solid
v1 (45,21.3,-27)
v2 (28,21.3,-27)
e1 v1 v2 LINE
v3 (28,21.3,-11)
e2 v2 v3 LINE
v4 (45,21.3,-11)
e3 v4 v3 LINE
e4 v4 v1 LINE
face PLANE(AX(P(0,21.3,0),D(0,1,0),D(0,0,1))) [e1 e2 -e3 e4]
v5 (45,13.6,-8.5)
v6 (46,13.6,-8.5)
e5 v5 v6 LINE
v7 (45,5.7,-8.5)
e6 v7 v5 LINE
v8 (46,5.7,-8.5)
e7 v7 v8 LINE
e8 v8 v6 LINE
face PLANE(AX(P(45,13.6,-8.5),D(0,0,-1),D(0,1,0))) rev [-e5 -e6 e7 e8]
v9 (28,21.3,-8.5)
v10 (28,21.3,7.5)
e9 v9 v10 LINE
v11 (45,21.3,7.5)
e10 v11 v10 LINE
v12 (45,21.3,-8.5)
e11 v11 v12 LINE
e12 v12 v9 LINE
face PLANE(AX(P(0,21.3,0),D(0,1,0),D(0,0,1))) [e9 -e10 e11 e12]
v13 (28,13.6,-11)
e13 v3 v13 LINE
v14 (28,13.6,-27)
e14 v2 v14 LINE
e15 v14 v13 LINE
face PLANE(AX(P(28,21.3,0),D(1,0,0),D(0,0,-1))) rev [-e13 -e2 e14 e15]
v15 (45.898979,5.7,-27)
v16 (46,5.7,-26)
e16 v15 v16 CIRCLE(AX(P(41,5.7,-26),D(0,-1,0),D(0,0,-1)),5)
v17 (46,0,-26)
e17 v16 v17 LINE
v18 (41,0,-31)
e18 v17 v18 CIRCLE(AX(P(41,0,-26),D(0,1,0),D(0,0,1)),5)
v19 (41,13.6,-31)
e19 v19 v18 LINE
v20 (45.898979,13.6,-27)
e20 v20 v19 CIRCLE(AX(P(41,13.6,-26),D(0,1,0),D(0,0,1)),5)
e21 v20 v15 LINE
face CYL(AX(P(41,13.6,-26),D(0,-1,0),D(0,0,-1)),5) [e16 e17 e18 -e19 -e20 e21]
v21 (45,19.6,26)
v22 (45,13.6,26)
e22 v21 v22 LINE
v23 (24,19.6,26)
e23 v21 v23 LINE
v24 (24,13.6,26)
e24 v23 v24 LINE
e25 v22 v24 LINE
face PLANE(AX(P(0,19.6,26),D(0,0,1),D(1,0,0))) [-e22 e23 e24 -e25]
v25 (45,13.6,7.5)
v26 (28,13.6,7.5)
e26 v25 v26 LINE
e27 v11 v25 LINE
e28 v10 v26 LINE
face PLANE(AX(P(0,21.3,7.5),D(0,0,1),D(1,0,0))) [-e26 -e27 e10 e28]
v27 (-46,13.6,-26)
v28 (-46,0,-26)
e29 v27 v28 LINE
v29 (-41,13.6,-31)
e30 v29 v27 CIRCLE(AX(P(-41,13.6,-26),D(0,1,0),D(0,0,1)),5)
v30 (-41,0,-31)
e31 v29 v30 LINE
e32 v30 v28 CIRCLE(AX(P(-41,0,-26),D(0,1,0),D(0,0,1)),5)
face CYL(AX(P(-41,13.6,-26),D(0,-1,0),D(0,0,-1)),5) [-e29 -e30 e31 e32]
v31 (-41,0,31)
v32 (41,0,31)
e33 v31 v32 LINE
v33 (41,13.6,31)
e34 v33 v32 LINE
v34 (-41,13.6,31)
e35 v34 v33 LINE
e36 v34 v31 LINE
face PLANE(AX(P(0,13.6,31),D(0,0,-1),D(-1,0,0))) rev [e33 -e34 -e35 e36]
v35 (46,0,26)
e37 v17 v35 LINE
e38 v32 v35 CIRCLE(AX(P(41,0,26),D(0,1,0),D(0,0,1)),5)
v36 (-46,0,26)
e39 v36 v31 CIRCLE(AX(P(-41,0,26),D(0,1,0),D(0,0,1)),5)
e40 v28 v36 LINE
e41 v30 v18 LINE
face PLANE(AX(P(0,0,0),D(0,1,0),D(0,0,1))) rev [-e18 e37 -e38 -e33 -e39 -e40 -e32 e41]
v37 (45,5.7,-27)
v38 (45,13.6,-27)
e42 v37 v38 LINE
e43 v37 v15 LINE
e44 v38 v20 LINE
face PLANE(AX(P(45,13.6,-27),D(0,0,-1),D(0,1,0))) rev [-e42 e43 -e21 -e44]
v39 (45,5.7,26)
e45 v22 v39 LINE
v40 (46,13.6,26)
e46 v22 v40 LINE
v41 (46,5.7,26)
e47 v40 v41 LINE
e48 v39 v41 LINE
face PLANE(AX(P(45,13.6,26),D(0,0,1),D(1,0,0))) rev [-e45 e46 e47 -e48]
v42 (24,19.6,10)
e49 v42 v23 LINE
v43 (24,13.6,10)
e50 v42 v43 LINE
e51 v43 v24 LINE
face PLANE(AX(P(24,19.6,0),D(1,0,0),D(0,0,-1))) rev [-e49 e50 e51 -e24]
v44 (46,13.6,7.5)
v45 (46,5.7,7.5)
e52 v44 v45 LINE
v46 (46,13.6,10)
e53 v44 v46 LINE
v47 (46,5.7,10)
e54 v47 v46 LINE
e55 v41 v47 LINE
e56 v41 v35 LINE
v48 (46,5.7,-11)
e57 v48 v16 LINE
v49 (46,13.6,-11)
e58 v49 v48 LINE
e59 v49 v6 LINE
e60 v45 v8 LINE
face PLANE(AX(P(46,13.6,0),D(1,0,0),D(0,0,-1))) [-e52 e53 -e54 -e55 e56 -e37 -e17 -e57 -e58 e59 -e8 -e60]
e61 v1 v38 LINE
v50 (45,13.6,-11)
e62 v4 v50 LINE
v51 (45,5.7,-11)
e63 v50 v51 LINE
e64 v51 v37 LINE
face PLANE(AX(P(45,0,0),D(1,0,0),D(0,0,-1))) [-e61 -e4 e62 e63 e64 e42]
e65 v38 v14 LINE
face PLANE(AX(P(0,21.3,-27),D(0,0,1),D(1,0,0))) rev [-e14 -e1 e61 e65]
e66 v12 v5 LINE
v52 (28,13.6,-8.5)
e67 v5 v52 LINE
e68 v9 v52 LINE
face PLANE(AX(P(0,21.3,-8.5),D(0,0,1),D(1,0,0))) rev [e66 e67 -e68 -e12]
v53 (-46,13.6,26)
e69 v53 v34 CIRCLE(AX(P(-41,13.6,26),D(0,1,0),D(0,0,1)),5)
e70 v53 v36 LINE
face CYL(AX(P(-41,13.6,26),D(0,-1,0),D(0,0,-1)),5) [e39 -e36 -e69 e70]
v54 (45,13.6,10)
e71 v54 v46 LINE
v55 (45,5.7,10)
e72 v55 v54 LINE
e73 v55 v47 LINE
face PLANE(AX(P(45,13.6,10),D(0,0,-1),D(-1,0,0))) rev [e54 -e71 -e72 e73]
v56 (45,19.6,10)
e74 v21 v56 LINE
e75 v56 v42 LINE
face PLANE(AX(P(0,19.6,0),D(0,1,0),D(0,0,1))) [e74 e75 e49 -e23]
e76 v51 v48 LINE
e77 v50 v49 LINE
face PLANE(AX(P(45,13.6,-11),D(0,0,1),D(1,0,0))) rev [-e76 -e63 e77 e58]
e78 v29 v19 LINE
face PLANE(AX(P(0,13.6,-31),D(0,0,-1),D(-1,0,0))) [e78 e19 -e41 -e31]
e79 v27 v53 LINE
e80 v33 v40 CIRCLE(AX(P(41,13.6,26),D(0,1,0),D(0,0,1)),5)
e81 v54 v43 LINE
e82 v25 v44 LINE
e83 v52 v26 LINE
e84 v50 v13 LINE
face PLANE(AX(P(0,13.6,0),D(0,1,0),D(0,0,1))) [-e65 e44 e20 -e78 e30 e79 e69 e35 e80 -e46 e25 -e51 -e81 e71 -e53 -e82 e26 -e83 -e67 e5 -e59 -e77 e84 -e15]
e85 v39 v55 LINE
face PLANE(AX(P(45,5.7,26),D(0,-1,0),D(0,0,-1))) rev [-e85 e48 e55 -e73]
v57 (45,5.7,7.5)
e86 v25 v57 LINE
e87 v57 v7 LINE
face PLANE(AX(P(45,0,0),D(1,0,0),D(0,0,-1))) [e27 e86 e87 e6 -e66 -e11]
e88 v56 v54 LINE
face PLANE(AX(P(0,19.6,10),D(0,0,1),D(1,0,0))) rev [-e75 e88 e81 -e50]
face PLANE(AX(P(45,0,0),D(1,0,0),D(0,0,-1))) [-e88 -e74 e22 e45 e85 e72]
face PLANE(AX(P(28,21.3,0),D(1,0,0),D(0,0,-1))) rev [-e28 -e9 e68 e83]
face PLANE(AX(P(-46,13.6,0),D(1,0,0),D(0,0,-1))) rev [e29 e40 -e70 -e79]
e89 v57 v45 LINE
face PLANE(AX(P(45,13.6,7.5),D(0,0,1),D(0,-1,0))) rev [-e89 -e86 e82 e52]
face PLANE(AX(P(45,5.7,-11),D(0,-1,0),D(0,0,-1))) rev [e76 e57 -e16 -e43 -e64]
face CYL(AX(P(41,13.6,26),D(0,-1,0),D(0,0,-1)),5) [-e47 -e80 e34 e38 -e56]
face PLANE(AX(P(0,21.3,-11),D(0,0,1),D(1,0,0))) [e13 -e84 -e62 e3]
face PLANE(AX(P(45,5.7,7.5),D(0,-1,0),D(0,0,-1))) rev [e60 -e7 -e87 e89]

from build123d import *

# Parameters (mm, degrees)
EXTRUDE_1_DEPTH     = 13.6
SKETCH_3_W          = 16
SKETCH_3_H          = 7.9
CUT_EXTRUDE_3_DEPTH = 1
SKETCH_5_W          = 21
SKETCH_5_H          = 16
EXTRUDE_2_DEPTH     = 6
SKETCH_5_4_W        = 17
SKETCH_5_4_H        = 16
EXTRUDE_3_DEPTH     = 7.7


with BuildPart() as part:
    # Эскиз1 → Бобышка-Вытянуть1 (new body)
    with BuildSketch(Plane(origin=(0, 0, 0), x_dir=(1, 0, 0), z_dir=(0, 1, 0))):
        with BuildLine():
            Line((41, 31), (-41, 31))
            ThreePointArc((-41, 31), (-44.535533906, 29.535533906), (-46, 26))
            Line((-46, 26), (-46, -26))
            ThreePointArc((-46, -26), (-44.535533906, -29.535533906), (-41, -31))
            Line((-41, -31), (41, -31))
            ThreePointArc((41, -31), (44.535533906, -29.535533906), (46, -26))
            Line((46, -26), (46, 26))
            ThreePointArc((46, 26), (44.535533906, 29.535533906), (41, 31))
        make_face()
    extrude(amount=EXTRUDE_1_DEPTH)

    # Эскиз3 → Вырез-Вытянуть3 (cut)
    with BuildSketch(Plane(origin=(46, 0, 0), x_dir=(0, 0, -1), z_dir=(1, 0, 0))):
        with Locations((-18, 9.65)):
            Rectangle(SKETCH_3_W, SKETCH_3_H)
        with Locations((0.5, 9.65)):
            Rectangle(SKETCH_3_W, SKETCH_3_H)
        with Locations((19, 9.65)):
            Rectangle(SKETCH_3_W, SKETCH_3_H)
    extrude(amount=-CUT_EXTRUDE_3_DEPTH, mode=Mode.SUBTRACT)

    # Эскиз5 → Бобышка-Вытянуть2 (add)
    with BuildSketch(Plane(origin=(0, 13.6, 0), x_dir=(1, 0, 0), z_dir=(0, 1, 0))):
        with Locations((34.5, -18)):
            Rectangle(SKETCH_5_W, SKETCH_5_H)
    extrude(amount=EXTRUDE_2_DEPTH)

    # Эскиз5<4> → Бобышка-Вытянуть3 (add)
    with BuildSketch(Plane(origin=(0, 13.6, 0), x_dir=(1, 0, 0), z_dir=(0, 1, 0))):
        with Locations((36.5, 0.5)):
            Rectangle(SKETCH_5_4_W, SKETCH_5_4_H)
        with Locations((36.5, 19)):
            Rectangle(SKETCH_5_4_W, SKETCH_5_4_H)
    extrude(amount=EXTRUDE_3_DEPTH)


solid = part.part
